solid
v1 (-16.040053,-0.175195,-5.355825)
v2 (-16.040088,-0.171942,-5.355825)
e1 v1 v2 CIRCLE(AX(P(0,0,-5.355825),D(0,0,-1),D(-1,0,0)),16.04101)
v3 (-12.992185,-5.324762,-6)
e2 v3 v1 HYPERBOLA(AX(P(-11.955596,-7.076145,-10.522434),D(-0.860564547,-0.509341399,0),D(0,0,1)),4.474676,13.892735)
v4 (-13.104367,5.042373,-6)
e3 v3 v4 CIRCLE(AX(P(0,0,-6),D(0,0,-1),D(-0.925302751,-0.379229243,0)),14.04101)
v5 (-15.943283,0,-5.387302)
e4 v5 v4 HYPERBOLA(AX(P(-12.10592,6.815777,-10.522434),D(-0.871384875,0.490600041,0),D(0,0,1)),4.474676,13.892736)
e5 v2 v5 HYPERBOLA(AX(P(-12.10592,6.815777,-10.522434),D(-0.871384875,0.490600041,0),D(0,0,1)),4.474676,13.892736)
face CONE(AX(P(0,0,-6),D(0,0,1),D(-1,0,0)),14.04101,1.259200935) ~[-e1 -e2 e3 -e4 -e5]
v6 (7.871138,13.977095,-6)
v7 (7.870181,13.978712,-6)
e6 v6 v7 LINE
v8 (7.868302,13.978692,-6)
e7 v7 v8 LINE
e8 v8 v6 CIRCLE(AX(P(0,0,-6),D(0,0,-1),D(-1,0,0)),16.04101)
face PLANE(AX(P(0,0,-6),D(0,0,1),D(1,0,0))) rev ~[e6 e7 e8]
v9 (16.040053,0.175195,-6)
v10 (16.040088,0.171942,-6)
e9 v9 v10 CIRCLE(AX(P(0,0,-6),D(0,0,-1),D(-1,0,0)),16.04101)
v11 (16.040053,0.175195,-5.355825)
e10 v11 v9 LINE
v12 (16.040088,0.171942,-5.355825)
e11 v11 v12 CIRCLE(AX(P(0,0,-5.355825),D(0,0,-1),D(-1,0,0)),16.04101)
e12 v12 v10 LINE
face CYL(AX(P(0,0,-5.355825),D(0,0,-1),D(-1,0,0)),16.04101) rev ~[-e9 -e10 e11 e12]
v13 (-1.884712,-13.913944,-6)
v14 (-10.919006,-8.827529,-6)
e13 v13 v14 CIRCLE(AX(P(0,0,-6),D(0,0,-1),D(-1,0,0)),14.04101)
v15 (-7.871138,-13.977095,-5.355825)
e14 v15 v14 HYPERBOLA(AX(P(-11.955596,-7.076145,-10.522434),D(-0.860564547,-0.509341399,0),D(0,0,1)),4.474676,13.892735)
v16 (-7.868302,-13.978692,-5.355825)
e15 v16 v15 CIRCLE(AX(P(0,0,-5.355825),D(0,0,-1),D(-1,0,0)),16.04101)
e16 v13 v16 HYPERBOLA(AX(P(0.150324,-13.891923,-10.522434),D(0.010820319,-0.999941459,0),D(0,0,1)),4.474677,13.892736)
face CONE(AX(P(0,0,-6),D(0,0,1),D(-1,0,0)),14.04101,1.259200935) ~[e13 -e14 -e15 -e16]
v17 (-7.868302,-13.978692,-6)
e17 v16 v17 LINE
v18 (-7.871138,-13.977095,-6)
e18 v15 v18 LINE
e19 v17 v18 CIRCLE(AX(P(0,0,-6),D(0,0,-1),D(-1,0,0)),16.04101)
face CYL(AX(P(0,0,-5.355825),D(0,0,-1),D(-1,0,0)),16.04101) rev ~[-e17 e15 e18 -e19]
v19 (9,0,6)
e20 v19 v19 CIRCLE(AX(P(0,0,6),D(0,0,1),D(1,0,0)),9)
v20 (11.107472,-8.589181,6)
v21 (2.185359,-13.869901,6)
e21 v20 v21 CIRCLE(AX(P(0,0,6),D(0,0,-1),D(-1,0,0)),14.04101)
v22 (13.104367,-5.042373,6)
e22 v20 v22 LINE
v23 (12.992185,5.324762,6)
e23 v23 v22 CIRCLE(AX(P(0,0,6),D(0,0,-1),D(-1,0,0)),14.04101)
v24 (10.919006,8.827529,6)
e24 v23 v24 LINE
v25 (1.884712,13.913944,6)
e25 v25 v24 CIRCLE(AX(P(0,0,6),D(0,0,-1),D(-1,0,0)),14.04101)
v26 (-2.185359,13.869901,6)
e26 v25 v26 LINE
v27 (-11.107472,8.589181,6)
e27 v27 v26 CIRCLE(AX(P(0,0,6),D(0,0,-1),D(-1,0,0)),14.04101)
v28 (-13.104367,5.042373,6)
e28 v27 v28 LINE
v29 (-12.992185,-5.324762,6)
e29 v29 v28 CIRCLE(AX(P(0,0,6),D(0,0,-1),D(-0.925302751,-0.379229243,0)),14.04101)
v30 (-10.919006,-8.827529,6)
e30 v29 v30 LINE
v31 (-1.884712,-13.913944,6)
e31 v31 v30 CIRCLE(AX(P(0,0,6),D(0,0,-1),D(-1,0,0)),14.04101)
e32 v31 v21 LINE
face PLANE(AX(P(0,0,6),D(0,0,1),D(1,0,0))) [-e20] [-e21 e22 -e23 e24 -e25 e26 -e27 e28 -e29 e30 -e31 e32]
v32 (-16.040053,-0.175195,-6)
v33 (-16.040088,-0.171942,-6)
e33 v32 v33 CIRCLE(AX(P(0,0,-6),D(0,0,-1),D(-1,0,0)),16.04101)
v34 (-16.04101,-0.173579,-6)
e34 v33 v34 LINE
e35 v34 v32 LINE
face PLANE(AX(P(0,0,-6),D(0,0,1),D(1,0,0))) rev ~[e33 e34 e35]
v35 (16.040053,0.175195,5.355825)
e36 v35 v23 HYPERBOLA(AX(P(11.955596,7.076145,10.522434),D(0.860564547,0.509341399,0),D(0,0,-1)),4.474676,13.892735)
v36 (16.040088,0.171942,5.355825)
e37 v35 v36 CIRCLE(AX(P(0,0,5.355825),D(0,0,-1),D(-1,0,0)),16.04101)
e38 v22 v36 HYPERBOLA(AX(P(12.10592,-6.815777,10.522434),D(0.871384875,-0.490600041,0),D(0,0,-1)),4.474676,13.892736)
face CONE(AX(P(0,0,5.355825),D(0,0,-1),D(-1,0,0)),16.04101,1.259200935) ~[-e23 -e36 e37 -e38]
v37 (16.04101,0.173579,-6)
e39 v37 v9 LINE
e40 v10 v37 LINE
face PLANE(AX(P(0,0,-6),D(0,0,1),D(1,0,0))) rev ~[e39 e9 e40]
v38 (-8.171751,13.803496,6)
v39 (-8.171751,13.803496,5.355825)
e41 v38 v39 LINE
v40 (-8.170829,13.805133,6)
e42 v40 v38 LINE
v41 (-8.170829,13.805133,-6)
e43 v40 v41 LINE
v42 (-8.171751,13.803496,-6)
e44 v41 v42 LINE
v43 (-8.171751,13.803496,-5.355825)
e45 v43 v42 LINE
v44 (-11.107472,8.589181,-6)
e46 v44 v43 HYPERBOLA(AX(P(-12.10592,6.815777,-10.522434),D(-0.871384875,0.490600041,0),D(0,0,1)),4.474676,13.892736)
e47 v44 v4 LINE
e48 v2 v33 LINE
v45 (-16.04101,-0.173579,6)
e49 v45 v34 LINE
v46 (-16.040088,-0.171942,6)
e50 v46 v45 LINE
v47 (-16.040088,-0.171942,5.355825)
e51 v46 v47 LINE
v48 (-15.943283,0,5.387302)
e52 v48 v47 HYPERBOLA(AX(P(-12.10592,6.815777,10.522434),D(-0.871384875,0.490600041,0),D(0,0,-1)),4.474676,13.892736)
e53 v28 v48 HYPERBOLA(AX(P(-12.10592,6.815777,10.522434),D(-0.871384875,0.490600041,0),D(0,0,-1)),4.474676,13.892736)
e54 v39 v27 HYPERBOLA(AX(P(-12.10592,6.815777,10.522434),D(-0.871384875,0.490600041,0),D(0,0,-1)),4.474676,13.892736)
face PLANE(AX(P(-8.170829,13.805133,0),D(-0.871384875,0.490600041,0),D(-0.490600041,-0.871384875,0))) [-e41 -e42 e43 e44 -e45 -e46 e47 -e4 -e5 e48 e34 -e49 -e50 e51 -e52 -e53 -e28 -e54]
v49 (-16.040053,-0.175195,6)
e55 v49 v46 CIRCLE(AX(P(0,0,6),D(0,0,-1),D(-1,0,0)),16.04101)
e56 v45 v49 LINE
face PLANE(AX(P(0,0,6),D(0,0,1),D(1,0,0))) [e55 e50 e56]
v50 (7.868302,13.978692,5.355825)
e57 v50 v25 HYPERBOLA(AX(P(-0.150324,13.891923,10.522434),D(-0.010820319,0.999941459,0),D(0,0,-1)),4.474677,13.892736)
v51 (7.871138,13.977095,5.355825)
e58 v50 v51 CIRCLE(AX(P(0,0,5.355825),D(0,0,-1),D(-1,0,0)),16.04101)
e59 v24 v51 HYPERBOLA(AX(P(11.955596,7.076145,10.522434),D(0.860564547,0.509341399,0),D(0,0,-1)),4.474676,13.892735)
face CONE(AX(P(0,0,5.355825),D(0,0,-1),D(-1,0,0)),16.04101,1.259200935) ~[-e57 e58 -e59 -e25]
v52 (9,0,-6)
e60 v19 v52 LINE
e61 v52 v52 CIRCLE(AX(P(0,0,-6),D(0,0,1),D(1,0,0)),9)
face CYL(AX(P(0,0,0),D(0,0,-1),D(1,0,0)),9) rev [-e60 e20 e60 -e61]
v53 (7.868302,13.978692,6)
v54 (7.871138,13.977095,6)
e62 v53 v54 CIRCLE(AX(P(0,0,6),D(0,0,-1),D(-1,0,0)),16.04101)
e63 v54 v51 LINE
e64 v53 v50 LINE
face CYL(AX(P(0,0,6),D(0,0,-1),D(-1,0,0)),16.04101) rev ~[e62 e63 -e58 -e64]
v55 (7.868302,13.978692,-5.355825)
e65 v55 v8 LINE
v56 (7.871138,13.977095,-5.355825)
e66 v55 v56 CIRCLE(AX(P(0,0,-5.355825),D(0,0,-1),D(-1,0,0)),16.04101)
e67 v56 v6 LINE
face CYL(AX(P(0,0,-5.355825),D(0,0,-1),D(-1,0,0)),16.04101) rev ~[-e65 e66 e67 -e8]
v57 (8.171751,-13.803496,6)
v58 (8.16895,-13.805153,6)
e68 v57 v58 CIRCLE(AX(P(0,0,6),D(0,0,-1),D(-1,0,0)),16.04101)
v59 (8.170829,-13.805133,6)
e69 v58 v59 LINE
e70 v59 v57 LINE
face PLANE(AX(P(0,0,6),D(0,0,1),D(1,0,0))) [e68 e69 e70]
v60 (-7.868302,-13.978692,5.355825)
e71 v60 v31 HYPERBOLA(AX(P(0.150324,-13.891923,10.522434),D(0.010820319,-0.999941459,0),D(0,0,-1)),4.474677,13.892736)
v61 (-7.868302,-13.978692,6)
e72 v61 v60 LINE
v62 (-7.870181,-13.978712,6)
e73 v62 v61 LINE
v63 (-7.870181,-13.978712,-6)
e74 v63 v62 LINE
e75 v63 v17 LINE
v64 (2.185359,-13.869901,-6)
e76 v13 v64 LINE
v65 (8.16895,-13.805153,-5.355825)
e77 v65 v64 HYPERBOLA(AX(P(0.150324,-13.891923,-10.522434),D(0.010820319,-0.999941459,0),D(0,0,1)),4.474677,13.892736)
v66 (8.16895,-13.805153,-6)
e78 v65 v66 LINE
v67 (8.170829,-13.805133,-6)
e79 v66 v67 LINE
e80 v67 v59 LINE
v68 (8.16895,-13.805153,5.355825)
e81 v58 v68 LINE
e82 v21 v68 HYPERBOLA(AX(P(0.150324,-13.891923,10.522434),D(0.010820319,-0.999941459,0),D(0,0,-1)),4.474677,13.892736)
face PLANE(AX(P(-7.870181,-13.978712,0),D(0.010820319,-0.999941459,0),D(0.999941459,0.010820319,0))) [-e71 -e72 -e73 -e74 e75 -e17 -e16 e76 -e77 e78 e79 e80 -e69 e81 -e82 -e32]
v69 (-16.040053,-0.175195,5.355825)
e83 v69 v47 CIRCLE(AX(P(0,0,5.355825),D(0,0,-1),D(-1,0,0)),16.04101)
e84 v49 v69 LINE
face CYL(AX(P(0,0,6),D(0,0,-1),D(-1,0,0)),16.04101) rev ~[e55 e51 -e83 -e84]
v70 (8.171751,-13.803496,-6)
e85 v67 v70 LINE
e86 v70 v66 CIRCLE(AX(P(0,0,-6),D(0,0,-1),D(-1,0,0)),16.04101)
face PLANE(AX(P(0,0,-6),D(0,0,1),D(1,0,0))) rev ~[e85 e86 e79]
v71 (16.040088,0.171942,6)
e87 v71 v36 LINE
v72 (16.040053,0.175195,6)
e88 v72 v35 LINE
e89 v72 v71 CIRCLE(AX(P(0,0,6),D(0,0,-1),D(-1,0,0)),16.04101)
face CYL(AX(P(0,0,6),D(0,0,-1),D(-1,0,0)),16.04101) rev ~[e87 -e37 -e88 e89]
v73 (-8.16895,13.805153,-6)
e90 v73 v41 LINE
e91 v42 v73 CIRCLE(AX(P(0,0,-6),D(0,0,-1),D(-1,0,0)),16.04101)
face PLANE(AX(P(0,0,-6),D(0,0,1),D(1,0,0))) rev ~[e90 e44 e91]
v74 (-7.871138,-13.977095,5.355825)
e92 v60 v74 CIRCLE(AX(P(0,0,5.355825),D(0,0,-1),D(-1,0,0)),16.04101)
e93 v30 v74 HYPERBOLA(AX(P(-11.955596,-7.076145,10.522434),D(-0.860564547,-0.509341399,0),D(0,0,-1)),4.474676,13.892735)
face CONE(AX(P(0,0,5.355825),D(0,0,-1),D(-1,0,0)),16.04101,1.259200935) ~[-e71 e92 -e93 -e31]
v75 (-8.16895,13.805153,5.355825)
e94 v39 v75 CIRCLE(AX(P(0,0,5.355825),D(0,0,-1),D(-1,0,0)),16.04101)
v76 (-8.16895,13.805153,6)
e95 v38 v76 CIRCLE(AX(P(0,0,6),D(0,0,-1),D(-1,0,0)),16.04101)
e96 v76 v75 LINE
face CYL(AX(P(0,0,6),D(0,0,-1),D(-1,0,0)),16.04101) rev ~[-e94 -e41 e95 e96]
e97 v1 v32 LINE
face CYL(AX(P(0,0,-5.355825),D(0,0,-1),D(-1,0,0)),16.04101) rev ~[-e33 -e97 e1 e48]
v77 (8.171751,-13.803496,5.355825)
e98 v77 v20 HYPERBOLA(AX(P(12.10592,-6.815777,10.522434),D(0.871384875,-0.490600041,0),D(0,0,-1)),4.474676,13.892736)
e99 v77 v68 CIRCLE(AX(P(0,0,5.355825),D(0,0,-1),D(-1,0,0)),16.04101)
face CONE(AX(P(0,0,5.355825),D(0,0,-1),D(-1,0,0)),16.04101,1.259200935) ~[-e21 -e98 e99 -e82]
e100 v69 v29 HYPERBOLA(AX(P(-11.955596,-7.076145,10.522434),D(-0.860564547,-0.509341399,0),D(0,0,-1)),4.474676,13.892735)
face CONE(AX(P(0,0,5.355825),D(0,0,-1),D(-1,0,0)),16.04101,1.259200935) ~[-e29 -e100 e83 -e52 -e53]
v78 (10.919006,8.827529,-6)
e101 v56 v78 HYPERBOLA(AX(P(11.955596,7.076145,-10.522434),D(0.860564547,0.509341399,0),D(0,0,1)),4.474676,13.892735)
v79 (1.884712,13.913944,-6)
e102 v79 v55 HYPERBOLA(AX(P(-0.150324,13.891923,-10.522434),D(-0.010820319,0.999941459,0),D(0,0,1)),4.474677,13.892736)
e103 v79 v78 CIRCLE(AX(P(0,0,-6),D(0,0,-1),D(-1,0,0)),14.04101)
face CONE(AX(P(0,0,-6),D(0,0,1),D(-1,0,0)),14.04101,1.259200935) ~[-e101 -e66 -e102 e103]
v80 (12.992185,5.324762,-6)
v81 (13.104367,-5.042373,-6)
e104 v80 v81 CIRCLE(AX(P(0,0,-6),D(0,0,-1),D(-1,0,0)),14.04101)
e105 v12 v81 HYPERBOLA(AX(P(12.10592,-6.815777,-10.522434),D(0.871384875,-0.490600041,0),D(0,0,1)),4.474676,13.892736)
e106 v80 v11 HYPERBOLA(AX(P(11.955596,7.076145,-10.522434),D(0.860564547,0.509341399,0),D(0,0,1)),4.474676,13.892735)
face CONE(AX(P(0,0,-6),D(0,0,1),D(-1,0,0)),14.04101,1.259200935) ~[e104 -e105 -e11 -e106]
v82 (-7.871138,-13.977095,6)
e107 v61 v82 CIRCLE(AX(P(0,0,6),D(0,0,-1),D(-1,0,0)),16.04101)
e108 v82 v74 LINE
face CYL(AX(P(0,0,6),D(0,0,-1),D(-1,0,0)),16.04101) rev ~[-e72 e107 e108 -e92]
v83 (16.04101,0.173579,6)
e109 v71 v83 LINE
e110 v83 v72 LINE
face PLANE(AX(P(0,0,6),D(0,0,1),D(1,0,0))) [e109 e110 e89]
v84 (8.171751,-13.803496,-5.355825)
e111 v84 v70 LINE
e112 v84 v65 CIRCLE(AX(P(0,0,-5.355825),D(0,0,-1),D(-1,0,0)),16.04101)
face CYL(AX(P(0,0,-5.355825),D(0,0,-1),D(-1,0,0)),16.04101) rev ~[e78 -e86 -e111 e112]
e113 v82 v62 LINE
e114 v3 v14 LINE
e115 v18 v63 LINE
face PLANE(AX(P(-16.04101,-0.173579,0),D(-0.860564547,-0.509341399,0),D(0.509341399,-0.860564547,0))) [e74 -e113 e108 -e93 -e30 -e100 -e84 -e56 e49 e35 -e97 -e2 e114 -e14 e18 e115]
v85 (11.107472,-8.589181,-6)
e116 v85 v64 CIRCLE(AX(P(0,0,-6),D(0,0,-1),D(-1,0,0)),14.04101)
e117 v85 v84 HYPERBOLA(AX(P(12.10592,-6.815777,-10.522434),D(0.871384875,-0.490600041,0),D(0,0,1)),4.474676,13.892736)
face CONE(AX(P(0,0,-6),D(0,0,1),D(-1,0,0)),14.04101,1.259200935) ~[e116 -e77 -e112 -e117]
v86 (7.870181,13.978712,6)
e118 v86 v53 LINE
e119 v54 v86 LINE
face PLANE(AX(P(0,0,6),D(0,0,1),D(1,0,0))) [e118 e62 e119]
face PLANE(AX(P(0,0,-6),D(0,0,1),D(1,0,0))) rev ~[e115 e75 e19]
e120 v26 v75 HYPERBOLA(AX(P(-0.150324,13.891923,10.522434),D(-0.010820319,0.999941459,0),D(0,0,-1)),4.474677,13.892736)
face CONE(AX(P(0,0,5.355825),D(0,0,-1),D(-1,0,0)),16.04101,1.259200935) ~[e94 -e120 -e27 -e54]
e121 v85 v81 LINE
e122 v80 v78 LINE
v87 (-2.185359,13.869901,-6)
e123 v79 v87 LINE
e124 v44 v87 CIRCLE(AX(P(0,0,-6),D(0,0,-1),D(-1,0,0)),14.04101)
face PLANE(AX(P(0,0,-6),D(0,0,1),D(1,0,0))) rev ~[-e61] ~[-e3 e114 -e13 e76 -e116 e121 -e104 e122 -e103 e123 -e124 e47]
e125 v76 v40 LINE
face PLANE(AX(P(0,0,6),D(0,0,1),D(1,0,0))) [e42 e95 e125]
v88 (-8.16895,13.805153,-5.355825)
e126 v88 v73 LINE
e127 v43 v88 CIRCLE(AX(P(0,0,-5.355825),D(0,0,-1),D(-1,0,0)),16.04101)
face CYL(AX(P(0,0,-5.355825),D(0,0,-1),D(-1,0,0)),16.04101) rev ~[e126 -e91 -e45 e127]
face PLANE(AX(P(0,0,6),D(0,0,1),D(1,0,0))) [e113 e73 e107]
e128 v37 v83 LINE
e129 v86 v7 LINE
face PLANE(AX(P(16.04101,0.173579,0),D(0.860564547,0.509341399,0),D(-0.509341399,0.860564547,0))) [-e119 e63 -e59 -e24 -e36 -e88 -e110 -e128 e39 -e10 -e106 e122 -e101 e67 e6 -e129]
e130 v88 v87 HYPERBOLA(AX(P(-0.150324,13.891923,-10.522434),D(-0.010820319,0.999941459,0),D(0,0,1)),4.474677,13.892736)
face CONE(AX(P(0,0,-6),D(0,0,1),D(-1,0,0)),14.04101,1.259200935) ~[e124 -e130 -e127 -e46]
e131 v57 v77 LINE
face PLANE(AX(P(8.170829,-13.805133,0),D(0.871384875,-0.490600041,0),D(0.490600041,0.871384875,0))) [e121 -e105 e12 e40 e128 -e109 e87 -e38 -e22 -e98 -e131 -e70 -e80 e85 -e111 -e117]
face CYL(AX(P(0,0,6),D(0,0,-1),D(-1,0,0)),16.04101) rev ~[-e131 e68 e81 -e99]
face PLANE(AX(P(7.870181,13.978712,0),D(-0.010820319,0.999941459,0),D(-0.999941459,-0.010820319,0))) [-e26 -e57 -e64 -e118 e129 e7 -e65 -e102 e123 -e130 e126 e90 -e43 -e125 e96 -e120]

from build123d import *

# Parameters (mm, degrees)
F0_R     = 9
F1_DEPTH = 6


with BuildPart() as f1:
    # F0 (on Top) → F1 (new body, symmetric)
    with BuildSketch(Plane.XY):
        Polygon((-16.04101, -0.173579), (-7.870181, -13.978712), (8.170829, -13.805133), (16.04101, 0.173579), (7.870181, 13.978712), (-8.170829, 13.805133), align=None)
        Circle(F0_R, mode=Mode.SUBTRACT)
    extrude(amount=F1_DEPTH, both=True)

    # F2 (on Front) → F3 (revolve, cut)
    with BuildSketch(Plane.XZ):
        Polygon((-14.04101, 6), (-16.04101, 6), (-16.04101, 5.355825), align=None)
        Polygon((-14.04101, -6), (-16.04101, -5.355825), (-16.04101, -6), align=None)
    revolve(axis=Axis((0, 0, 0), (0, 0, -1)), mode=Mode.SUBTRACT)


solid = f1.part
